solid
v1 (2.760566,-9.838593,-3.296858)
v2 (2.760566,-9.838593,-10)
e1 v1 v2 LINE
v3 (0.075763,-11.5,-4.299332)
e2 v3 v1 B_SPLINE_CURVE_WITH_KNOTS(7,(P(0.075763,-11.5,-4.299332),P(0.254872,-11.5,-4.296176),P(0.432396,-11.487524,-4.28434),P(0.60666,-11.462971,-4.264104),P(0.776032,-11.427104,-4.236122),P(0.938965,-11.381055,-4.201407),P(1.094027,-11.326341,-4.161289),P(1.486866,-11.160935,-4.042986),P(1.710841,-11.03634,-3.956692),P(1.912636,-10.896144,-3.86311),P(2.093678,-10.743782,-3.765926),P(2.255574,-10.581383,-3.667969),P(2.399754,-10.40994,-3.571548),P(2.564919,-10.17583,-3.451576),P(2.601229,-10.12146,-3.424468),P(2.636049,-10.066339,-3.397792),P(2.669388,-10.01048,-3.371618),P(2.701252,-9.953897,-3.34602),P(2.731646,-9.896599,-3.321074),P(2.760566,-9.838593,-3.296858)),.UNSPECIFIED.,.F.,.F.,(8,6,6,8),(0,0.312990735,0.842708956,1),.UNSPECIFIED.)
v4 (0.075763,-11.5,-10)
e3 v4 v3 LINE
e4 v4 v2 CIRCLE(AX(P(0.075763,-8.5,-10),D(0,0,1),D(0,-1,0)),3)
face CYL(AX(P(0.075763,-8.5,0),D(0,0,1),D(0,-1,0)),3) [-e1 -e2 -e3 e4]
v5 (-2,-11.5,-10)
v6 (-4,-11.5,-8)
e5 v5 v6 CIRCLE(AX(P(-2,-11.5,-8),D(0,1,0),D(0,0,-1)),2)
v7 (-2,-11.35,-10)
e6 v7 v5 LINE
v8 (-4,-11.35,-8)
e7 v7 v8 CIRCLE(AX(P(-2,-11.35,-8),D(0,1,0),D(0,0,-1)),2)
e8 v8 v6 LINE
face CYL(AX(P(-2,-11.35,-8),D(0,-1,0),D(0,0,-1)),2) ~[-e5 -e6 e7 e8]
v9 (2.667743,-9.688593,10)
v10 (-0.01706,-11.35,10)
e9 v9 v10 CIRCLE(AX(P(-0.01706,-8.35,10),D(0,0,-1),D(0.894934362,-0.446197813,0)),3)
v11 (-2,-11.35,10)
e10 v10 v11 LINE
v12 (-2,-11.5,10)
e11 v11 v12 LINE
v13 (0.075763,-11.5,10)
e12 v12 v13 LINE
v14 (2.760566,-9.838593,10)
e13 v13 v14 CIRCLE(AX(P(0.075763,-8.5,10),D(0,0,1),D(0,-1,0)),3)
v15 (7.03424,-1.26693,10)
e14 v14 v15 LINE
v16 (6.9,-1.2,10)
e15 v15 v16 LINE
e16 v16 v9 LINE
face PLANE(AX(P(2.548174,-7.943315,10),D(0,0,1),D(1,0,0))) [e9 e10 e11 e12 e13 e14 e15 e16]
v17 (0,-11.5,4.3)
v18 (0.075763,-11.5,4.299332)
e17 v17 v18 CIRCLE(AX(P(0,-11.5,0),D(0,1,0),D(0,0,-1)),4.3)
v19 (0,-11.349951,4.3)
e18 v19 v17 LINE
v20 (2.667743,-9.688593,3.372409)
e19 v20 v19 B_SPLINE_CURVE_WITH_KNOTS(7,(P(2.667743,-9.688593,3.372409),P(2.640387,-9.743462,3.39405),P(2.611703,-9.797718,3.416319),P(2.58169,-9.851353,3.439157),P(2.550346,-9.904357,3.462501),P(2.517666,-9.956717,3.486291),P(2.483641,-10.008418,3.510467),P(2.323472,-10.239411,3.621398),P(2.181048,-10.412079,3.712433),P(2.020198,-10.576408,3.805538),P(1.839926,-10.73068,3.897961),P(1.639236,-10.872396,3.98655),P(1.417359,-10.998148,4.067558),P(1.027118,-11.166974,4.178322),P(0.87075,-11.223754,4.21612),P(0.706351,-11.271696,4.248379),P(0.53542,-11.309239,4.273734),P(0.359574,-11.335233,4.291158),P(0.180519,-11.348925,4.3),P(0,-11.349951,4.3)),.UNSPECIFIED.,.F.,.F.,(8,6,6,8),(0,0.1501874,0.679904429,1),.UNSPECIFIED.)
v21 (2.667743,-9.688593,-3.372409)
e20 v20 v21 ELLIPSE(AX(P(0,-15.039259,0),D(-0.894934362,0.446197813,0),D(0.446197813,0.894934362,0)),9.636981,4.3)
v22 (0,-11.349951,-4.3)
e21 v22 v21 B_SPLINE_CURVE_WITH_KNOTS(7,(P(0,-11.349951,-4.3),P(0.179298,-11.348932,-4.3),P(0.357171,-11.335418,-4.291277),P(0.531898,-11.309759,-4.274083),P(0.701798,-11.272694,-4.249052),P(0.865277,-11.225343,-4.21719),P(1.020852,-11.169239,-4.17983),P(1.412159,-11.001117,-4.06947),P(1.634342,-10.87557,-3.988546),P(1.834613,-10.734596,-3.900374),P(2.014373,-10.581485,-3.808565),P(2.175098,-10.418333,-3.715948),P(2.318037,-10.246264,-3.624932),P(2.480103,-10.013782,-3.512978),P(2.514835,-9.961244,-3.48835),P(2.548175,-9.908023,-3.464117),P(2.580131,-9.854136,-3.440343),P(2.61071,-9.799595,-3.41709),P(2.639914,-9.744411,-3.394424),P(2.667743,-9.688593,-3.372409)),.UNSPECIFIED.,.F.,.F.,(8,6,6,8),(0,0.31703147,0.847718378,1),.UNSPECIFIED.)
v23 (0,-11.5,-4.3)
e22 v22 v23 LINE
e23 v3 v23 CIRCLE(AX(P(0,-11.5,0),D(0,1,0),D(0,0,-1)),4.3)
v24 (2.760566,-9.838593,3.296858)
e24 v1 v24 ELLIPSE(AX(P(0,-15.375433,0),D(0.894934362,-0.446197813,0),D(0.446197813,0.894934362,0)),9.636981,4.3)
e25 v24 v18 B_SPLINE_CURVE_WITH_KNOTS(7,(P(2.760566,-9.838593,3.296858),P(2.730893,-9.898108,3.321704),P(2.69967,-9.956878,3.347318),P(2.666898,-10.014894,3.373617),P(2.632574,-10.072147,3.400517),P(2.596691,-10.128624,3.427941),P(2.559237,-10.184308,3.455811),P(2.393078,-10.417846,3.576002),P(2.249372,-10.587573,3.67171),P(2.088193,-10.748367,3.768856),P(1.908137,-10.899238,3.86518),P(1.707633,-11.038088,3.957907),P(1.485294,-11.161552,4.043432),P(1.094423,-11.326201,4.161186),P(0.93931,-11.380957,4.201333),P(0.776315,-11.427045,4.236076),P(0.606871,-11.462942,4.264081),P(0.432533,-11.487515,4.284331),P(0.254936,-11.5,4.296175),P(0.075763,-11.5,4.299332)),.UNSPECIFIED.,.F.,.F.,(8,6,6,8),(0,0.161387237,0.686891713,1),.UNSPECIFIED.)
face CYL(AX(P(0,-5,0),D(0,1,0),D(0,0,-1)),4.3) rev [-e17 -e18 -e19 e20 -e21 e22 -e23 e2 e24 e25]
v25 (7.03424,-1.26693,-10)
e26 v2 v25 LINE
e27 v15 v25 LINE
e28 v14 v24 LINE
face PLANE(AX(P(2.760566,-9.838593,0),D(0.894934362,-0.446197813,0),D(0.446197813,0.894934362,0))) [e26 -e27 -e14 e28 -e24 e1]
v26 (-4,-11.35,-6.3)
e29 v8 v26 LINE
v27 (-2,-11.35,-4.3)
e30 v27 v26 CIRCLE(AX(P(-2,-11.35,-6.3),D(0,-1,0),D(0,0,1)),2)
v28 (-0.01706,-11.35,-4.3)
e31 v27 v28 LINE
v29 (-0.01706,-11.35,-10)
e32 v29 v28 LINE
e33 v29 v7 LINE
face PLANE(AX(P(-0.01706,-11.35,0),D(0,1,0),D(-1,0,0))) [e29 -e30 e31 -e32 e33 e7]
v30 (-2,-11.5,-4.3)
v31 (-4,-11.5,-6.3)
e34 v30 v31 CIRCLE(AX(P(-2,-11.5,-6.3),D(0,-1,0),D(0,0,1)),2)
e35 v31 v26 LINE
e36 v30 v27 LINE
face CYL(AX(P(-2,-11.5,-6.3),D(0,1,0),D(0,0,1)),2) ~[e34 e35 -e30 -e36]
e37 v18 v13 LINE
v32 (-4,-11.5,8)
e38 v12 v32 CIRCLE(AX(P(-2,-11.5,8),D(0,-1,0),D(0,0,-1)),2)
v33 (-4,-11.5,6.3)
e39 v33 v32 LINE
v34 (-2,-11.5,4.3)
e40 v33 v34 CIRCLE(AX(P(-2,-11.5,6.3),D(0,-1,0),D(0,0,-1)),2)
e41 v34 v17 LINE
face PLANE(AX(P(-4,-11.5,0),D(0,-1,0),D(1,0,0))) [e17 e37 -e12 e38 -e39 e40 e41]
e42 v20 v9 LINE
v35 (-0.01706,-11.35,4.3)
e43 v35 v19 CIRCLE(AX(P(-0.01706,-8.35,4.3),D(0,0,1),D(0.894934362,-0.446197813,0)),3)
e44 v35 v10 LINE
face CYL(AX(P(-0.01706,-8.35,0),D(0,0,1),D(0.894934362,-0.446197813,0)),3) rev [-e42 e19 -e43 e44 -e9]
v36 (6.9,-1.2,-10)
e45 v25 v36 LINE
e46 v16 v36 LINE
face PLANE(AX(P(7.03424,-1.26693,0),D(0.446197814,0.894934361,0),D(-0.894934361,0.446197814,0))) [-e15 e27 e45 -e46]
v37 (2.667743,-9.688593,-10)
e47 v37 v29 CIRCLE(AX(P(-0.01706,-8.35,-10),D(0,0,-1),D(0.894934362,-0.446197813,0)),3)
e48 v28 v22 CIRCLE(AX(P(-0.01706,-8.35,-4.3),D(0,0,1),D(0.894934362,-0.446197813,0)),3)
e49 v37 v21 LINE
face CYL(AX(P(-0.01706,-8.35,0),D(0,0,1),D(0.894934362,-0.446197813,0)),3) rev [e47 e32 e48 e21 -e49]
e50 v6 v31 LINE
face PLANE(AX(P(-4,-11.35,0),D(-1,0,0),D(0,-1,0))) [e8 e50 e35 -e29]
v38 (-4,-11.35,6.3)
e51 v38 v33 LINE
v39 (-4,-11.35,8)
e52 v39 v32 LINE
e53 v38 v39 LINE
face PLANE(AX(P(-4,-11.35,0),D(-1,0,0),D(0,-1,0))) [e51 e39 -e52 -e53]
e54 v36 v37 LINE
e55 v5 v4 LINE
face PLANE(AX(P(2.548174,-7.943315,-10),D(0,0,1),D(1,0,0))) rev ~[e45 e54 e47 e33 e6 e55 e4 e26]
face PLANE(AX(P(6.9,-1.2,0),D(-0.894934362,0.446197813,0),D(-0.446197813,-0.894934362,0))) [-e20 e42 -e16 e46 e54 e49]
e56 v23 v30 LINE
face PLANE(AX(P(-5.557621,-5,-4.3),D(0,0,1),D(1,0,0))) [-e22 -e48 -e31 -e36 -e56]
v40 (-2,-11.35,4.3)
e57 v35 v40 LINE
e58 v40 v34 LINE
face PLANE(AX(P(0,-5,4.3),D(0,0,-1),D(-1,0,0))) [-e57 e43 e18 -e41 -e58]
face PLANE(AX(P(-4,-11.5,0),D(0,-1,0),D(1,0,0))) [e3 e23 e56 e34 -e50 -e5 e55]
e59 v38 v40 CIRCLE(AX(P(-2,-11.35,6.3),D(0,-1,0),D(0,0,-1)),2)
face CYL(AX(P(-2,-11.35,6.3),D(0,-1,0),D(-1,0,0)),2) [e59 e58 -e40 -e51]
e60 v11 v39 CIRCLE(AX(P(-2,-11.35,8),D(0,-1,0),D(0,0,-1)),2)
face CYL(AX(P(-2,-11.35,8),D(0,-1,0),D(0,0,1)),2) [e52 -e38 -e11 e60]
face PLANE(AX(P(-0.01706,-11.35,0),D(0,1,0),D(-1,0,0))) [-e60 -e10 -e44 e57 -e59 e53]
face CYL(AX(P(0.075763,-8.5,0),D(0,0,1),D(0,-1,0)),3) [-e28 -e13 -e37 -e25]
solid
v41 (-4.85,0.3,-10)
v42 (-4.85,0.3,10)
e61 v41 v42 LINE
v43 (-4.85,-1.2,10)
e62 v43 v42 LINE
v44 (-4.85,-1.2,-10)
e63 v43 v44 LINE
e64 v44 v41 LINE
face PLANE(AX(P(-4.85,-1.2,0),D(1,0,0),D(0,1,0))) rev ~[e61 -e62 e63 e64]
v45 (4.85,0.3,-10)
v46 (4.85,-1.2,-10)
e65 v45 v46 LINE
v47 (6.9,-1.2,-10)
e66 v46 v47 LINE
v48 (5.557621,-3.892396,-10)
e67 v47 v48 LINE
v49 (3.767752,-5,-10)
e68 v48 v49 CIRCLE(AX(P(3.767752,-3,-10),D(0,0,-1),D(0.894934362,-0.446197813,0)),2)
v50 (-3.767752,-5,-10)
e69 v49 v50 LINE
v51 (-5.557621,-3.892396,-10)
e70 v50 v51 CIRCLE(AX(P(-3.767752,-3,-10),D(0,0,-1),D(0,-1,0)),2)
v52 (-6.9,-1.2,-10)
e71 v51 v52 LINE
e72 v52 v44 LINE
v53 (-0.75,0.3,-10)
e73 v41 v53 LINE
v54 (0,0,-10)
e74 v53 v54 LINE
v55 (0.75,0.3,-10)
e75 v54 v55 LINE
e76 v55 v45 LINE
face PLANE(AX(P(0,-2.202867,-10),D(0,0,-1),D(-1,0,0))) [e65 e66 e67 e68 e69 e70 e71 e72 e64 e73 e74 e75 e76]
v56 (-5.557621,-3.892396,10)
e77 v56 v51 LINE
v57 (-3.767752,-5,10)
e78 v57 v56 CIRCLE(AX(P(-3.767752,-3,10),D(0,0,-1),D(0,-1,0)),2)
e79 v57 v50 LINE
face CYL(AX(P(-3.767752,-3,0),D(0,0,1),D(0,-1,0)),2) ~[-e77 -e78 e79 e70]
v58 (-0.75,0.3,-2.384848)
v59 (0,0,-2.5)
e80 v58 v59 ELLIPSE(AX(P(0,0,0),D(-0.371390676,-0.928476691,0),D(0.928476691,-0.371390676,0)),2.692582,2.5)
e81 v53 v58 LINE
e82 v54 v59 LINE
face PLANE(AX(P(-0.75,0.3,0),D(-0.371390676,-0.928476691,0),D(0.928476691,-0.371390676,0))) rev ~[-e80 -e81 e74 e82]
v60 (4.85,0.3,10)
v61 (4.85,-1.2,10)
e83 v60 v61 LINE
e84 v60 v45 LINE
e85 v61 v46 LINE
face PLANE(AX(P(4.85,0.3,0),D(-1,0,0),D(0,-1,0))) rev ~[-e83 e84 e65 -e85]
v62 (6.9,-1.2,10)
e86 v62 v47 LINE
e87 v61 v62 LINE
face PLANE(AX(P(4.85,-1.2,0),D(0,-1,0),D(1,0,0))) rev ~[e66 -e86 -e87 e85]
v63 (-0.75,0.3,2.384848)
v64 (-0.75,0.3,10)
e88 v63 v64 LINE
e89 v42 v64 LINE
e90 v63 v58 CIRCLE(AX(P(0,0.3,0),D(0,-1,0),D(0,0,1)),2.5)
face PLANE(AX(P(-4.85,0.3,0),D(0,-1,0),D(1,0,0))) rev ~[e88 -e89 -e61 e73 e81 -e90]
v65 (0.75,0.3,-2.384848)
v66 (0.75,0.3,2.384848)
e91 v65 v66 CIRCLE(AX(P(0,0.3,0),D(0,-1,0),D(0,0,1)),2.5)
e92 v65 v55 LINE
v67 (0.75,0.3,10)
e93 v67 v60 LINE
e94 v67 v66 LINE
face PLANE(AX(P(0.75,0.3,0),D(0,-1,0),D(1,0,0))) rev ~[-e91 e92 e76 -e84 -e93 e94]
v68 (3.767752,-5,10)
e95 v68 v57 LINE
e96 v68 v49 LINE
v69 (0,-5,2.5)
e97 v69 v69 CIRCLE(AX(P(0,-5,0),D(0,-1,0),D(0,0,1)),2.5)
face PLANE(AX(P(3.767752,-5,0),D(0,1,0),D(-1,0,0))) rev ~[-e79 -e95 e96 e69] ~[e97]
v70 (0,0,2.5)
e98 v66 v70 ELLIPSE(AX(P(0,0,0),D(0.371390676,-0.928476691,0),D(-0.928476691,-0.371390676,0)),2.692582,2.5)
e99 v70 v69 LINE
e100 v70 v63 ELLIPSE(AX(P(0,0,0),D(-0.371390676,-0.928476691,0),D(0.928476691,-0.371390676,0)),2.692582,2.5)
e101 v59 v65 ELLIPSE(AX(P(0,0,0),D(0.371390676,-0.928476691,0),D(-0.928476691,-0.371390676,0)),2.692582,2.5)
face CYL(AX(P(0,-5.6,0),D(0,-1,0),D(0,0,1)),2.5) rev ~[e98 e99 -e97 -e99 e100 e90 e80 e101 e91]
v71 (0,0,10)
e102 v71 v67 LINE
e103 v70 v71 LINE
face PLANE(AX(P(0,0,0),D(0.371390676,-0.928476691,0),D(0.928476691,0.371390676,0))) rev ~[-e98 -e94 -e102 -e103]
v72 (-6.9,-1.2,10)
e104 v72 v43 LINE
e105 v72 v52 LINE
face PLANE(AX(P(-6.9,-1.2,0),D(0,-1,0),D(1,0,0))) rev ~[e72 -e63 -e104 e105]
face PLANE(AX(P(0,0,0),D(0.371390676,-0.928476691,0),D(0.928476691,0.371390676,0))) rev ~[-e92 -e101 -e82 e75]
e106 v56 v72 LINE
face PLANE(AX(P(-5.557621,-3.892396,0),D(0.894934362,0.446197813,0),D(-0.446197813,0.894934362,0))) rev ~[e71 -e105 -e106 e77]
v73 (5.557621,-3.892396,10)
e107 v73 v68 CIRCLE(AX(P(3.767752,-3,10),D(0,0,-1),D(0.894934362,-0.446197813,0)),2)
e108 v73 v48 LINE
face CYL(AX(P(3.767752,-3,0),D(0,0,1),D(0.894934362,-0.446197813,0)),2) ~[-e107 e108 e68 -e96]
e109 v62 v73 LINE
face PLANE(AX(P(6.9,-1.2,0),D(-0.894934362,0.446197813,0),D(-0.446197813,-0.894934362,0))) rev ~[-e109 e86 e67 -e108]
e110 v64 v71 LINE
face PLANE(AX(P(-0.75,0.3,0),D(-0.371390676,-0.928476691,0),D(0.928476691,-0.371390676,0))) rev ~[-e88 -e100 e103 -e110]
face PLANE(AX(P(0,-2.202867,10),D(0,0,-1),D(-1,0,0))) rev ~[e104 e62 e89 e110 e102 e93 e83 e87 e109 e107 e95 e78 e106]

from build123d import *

# Parameters (mm, degrees)
EXTRUDE_1_DEPTH     = 10
EXTRUDE_2_DEPTH     = 10
CUT_EXTRUDE_1_DEPTH = 20
FILLET_1_R          = 2
SKETCH_4_W          = 2.5
SKETCH_4_H          = 11.8


with BuildPart() as part:
    # Эскиз1 → Бобышка-Вытянуть1 (new body, symmetric)
    with BuildSketch(Plane.XY):
        with BuildLine():
            Line((0, 0), (0.75, 0.3))
            Line((0.75, 0.3), (4.85, 0.3))
            Line((4.85, 0.3), (4.85, -1.2))
            Line((4.85, -1.2), (6.9, -1.2))
            Line((6.9, -1.2), (5.557621059, -3.892395626))
            ThreePointArc((5.557621059, -3.892395626), (4.820180183, -4.70070445), (3.767752336, -5))
            Line((3.767752336, -5), (-3.767752336, -5))
            ThreePointArc((-3.767752336, -5), (-4.820180183, -4.70070445), (-5.557621059, -3.892395626))
            Line((-5.557621059, -3.892395626), (-6.9, -1.2))
            Line((-6.9, -1.2), (-4.85, -1.2))
            Line((-4.85, -1.2), (-4.85, 0.3))
            Line((-4.85, 0.3), (-0.75, 0.3))
            Line((-0.75, 0.3), (0, 0))
        make_face()
    extrude(amount=EXTRUDE_1_DEPTH, both=True)

    # Эскиз4 → Отверстие обработанное метчиком M61 (revolve, cut)
    with BuildSketch(Plane(origin=(0, 0.3, 0), x_dir=(0, 0, 1), z_dir=(1, 0, 0))):
        with Locations((1.25, 5.9)):
            Rectangle(SKETCH_4_W, SKETCH_4_H)
    revolve(axis=Axis((0, 6.65, 0), (0, -1, 0)), mode=Mode.SUBTRACT)


with BuildPart() as body_2:
    # Эскиз2 → Бобышка-Вытянуть2 (new body, symmetric)
    with BuildSketch(Plane.XY):
        with BuildLine():
            Line((6.9, -1.2), (2.667743433, -9.688593439))
            ThreePointArc((2.667743433, -9.688593439), (1.561582119, -10.901056675), (-0.017059652, -11.35))
            Line((-0.017059652, -11.35), (-4, -11.35))
            Line((-4, -11.35), (-4, -11.5))
            Line((-4, -11.5), (0.075763165, -11.5))
            ThreePointArc((0.075763165, -11.5), (1.654404936, -11.051056675), (2.760566249, -9.838593439))
            Line((2.760566249, -9.838593439), (7.034240154, -1.266929672))
            Line((7.034240154, -1.266929672), (6.9, -1.2))
        make_face()
    extrude(amount=EXTRUDE_2_DEPTH, both=True)

    # Эскиз3 → Вырез-Вытянуть1 (cut)
    with BuildSketch(Plane.XZ.offset(5)):
        with BuildLine():
            Line((0, 4.3), (-5.557621059, 4.3))
            Line((-5.557621059, 4.3), (-5.557621059, -4.3))
            Line((-5.557621059, -4.3), (0, -4.3))
            ThreePointArc((0, -4.3), (4.3, 0), (0, 4.3))
        make_face()
    extrude(amount=CUT_EXTRUDE_1_DEPTH, mode=Mode.SUBTRACT)

    # Скругление1
    fillet_1_edges = [body_2.edges().sort_by_distance(p)[0] for p in [
        (-4, -11.425, 10),
        (-4, -11.425, 4.3),
        (-4, -11.425, -4.3),
        (-4, -11.425, -10),
    ]]
    fillet(fillet_1_edges, radius=FILLET_1_R)


solid = Compound([part.part, body_2.part])
